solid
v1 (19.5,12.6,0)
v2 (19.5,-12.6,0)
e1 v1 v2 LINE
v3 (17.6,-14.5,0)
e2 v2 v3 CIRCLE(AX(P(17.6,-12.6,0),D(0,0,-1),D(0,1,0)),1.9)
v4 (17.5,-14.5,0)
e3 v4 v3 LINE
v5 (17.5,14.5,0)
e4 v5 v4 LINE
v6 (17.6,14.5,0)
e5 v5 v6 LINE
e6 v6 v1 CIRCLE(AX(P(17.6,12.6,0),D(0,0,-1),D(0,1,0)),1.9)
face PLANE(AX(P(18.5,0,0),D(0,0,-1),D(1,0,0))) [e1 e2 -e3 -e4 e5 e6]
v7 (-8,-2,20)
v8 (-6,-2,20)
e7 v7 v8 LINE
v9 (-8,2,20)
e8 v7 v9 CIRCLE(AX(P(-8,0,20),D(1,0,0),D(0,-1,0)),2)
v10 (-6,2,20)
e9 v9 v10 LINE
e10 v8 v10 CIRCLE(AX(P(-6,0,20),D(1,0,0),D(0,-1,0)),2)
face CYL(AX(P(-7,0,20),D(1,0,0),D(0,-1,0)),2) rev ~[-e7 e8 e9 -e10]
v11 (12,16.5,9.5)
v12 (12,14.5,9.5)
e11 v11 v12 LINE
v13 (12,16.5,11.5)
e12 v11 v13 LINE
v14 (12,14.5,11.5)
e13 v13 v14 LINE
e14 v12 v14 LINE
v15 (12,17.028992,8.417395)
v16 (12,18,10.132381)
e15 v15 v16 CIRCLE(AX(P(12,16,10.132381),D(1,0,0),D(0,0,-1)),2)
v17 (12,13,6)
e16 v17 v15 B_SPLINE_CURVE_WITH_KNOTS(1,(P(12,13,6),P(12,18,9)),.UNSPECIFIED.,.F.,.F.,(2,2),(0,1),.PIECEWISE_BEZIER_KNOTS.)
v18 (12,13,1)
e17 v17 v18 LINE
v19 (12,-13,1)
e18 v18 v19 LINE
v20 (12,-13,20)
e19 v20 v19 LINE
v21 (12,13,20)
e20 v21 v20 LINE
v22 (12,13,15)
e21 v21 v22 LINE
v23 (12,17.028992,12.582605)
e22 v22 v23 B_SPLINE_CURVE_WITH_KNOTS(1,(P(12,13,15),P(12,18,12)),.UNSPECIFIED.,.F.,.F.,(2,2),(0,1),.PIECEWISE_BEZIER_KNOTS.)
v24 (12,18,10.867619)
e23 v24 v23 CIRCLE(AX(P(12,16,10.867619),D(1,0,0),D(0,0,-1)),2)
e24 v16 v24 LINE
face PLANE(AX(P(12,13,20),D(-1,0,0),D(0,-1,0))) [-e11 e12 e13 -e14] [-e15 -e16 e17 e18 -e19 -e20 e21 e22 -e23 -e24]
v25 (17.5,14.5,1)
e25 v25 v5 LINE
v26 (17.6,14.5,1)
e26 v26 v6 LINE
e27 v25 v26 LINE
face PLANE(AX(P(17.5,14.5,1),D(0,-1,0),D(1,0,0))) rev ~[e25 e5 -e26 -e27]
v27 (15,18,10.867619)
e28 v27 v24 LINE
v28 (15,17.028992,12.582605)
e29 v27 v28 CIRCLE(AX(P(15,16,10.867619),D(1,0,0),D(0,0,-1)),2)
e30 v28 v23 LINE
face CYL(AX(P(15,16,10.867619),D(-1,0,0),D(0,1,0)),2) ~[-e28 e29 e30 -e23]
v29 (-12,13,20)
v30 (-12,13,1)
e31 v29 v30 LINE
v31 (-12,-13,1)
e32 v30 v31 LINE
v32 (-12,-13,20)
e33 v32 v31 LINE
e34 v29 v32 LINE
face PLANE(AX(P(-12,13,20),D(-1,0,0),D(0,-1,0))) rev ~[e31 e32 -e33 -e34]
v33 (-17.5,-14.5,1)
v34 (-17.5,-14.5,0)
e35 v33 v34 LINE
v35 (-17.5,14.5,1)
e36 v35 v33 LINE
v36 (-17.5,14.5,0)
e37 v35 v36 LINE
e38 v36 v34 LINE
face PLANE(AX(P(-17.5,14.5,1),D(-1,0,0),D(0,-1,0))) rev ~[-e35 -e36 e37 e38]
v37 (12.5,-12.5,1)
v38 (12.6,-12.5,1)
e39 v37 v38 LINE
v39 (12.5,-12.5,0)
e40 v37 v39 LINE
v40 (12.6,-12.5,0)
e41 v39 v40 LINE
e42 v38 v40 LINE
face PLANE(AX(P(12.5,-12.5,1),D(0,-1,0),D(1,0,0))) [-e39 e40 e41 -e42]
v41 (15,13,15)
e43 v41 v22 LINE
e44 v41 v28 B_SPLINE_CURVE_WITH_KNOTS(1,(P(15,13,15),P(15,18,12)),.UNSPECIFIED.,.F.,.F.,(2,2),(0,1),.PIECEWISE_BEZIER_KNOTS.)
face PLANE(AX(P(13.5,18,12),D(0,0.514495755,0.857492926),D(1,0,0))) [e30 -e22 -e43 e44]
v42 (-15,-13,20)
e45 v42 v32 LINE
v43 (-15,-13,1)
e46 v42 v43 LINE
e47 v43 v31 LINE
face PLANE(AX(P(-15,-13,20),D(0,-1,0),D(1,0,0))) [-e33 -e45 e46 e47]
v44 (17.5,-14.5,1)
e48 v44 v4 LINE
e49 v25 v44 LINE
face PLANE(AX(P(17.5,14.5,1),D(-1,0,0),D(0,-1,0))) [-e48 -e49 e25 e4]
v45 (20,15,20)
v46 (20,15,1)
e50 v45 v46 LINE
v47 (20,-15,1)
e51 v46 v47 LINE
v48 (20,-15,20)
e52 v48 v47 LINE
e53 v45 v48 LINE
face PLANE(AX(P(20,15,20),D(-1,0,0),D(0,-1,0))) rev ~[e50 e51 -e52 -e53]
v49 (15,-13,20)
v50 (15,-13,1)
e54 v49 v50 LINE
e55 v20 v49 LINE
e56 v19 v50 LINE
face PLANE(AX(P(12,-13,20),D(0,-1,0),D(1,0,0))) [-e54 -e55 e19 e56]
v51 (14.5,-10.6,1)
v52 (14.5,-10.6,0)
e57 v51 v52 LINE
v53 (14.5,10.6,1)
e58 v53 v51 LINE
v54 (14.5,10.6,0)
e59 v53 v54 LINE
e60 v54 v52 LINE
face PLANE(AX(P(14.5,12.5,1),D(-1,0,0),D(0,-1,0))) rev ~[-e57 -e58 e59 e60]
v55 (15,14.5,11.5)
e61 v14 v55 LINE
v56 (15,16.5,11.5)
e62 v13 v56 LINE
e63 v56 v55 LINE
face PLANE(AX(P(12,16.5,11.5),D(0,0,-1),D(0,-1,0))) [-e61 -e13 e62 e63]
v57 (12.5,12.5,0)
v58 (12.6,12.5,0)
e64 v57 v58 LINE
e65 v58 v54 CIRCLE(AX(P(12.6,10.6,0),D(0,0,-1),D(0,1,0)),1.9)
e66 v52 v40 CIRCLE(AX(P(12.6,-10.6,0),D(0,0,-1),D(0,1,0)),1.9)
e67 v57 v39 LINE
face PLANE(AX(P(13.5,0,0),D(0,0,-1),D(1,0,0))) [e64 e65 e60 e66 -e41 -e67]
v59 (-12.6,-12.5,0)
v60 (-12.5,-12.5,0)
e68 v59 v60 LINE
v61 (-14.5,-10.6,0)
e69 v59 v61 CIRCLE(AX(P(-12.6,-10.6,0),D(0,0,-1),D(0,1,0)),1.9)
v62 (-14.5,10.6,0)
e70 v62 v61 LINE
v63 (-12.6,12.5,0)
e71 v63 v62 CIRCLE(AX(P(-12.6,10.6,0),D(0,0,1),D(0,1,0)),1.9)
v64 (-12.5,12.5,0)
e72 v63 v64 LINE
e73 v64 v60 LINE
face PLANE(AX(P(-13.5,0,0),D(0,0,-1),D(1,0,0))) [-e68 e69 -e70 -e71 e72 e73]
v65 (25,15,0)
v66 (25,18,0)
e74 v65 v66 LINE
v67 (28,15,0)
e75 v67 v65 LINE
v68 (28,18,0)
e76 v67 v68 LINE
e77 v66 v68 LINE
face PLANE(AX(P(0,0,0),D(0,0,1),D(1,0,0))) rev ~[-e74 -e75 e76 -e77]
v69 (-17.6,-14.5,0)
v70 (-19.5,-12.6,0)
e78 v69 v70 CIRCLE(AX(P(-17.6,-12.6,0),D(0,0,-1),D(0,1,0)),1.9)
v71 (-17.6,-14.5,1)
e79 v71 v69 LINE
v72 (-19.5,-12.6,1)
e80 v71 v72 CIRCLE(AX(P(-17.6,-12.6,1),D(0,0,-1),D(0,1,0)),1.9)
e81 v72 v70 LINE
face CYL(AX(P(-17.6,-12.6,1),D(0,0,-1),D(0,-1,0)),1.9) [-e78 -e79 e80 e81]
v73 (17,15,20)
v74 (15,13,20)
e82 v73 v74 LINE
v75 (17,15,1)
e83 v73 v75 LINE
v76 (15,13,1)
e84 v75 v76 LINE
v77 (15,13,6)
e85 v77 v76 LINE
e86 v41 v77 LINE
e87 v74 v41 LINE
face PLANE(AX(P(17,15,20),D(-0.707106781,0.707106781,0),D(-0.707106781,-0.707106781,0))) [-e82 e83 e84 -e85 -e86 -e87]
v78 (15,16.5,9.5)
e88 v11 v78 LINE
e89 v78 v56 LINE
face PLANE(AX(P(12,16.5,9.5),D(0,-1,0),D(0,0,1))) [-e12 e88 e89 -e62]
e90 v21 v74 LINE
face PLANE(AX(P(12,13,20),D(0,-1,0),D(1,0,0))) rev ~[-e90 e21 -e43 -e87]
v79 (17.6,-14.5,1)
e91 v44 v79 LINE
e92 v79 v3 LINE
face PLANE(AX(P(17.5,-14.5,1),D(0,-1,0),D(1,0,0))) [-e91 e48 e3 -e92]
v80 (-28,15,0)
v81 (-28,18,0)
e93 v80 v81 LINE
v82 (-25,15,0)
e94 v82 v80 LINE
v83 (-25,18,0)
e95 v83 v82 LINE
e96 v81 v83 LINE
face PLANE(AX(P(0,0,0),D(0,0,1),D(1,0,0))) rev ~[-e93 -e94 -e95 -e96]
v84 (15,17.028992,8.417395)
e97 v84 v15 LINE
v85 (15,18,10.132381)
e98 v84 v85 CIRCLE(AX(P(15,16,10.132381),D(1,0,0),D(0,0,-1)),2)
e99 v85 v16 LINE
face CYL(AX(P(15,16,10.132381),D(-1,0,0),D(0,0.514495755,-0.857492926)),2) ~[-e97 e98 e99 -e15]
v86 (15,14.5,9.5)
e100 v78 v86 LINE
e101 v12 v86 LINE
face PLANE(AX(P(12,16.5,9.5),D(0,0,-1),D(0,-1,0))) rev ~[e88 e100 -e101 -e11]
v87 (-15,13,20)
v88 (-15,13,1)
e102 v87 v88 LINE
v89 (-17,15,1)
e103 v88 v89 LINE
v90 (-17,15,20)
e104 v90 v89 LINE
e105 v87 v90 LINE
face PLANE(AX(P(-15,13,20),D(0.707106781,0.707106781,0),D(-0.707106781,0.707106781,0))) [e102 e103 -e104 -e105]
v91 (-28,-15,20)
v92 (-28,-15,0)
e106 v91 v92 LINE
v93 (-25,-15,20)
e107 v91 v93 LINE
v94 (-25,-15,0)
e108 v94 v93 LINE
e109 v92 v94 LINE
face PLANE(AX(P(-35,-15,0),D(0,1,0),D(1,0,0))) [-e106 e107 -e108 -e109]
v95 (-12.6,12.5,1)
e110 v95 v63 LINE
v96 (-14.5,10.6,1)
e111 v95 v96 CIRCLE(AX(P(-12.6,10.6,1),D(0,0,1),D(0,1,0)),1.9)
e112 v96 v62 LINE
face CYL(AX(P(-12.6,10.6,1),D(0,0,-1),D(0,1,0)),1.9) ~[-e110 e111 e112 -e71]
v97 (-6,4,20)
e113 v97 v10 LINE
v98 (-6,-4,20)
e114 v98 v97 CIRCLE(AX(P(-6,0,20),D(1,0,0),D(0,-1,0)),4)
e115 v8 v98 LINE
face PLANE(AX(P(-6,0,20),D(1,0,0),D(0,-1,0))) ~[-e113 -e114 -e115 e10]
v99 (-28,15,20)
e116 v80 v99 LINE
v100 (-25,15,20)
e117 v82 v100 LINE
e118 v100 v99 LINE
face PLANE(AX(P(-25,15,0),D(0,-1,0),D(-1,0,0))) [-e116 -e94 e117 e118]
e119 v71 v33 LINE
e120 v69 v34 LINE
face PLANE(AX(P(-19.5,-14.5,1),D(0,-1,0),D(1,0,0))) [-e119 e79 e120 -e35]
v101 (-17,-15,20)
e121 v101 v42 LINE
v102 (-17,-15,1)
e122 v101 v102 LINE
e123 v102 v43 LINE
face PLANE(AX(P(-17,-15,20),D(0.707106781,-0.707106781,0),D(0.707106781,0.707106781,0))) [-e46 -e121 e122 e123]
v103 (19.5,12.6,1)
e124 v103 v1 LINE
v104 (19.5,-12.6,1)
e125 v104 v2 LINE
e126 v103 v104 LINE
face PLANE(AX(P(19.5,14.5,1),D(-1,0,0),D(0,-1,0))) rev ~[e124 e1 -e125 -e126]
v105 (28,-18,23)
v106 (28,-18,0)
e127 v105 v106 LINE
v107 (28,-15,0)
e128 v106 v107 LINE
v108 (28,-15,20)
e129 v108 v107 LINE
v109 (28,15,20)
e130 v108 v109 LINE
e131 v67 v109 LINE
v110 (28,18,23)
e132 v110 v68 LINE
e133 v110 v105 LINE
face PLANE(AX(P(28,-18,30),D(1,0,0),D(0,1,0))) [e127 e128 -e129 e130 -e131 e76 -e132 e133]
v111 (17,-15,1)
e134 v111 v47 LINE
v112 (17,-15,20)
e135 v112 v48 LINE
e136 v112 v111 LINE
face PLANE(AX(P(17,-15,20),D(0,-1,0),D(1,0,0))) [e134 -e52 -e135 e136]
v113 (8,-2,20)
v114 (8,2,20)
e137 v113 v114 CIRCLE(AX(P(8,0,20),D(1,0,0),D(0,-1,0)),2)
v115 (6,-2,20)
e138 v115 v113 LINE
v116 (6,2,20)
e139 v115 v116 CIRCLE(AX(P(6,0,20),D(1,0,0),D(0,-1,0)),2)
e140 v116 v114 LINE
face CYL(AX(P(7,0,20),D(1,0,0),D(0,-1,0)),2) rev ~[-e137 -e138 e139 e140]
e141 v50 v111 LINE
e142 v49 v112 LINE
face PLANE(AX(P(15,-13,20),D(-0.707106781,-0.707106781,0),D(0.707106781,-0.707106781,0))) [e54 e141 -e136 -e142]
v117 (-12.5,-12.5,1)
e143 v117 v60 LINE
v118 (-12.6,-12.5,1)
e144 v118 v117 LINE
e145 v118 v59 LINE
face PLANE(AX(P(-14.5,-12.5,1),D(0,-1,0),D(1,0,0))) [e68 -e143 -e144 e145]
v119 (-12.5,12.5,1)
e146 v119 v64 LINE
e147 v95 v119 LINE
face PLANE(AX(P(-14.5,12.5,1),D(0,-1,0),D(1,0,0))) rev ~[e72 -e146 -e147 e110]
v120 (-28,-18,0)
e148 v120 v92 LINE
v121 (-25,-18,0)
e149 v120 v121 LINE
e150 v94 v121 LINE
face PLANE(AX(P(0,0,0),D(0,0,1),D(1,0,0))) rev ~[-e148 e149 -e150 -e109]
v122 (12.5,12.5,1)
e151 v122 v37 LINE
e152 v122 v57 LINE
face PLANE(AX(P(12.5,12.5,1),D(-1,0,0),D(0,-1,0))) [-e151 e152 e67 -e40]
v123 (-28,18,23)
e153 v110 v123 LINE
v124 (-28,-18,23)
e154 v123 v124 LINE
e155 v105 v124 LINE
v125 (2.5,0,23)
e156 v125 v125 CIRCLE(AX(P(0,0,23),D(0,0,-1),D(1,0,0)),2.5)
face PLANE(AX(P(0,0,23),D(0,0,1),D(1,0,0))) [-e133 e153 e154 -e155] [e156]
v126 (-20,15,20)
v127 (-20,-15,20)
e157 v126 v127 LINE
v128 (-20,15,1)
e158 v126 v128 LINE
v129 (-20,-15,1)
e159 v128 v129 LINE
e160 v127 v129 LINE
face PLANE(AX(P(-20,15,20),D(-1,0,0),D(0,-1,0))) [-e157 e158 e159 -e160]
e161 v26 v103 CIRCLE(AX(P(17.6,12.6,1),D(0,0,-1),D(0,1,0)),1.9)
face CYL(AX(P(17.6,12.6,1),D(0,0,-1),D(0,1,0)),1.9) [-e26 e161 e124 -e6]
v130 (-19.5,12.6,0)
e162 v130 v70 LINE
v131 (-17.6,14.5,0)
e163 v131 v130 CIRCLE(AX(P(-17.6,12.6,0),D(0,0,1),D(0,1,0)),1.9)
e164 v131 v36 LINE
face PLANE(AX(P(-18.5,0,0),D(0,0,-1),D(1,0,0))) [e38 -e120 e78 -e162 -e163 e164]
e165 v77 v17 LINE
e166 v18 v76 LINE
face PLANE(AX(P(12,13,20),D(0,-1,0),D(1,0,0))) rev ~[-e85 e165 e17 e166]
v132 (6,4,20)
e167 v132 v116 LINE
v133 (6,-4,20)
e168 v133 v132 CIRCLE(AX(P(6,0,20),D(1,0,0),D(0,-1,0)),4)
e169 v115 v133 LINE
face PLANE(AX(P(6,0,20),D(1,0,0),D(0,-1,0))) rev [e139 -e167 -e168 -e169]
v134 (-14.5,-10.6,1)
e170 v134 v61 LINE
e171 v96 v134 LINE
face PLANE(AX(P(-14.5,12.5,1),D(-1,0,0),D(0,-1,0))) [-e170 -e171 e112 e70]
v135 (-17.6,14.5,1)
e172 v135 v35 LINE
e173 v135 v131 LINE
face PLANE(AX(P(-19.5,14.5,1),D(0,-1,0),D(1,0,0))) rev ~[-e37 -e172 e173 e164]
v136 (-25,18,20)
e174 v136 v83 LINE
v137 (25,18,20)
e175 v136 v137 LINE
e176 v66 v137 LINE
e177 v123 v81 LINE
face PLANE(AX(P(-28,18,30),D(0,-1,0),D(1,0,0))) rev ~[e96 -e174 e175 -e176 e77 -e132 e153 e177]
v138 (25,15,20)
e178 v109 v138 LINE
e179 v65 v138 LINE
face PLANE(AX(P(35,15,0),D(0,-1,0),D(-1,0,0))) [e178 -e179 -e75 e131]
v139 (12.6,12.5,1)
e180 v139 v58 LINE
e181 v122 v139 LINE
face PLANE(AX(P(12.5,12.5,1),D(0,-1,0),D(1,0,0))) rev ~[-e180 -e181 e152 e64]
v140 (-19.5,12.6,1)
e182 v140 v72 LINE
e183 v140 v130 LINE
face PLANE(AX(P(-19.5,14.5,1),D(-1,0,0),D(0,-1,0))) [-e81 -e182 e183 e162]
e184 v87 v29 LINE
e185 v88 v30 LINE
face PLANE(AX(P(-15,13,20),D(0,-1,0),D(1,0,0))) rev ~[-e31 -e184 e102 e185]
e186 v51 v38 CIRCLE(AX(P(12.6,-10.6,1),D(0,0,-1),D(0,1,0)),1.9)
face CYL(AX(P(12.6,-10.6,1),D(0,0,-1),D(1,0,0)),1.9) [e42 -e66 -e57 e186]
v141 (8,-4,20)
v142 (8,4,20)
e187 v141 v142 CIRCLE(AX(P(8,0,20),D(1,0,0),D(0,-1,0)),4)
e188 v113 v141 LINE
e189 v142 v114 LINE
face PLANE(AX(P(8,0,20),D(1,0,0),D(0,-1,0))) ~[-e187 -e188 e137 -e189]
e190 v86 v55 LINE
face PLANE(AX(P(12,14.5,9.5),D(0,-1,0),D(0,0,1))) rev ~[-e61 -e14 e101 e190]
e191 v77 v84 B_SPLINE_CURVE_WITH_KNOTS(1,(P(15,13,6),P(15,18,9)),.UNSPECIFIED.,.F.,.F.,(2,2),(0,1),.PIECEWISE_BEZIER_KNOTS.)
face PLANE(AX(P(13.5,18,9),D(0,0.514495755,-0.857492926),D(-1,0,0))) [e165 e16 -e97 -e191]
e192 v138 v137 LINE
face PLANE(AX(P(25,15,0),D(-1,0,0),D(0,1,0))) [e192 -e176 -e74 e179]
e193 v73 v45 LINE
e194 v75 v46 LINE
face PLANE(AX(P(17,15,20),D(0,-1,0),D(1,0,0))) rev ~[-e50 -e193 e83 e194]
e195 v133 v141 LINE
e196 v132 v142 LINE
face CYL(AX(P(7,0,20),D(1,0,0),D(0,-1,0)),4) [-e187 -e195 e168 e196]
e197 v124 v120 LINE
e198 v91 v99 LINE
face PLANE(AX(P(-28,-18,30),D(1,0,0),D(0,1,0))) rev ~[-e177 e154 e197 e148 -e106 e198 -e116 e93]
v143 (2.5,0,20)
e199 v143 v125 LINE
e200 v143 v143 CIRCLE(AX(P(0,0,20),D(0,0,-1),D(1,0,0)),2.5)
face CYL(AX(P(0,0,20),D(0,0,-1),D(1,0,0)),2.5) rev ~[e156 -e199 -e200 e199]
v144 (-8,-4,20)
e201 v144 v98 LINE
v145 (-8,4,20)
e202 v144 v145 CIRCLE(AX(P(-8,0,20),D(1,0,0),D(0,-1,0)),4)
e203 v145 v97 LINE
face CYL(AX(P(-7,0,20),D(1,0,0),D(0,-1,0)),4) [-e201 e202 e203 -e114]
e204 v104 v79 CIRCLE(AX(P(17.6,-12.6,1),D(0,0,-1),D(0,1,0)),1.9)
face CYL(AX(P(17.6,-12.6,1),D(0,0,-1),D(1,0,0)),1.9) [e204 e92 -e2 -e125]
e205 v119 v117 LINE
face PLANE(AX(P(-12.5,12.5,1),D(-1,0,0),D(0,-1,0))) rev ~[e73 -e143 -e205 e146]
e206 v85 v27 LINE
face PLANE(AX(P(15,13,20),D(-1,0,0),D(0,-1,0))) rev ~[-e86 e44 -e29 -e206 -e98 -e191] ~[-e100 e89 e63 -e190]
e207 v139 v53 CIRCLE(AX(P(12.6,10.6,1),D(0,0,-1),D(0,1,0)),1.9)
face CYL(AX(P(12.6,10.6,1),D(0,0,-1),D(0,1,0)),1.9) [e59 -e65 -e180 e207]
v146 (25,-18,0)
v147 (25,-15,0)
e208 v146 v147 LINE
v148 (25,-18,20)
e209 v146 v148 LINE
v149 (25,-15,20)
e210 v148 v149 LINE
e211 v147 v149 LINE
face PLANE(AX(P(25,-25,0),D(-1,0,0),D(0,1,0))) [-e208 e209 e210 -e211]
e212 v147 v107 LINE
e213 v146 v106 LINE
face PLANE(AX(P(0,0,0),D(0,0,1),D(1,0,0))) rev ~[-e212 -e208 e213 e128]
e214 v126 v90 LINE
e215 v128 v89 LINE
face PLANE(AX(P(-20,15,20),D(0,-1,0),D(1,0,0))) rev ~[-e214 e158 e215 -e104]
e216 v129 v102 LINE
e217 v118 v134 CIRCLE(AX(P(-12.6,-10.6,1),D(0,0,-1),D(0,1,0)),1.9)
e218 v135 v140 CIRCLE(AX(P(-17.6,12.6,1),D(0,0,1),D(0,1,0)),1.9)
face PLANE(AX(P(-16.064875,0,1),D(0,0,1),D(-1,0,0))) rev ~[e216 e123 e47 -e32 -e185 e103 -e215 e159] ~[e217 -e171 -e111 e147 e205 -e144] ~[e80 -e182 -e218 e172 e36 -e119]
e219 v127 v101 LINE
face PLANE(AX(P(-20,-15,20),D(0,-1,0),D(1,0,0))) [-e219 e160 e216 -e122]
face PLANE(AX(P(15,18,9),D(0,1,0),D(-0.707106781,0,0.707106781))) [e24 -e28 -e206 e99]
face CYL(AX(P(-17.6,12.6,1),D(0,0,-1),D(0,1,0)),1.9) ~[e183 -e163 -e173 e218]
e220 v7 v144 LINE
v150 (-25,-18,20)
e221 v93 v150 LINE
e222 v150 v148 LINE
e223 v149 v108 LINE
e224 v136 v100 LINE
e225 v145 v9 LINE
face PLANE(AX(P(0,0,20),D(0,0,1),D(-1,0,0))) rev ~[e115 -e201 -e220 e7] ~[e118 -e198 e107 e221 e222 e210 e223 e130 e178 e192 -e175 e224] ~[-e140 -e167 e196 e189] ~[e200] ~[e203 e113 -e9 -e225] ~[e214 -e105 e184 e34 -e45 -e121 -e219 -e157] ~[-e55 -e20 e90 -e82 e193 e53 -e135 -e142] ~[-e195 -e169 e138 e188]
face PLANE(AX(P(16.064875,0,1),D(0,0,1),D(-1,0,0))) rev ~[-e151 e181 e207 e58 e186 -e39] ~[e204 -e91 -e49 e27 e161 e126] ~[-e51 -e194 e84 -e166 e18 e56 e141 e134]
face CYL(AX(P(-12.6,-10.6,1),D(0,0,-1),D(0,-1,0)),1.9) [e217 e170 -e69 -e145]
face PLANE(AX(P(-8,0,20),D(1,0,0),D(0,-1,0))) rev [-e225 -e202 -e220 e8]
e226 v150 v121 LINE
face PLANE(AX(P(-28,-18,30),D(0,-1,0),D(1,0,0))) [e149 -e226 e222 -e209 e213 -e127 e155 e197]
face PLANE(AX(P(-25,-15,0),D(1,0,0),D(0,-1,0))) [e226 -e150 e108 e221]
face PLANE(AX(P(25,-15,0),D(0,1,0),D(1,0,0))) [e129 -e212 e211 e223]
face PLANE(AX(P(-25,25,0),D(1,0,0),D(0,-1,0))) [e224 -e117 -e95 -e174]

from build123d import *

# Parameters (mm, degrees)
SKETCH011_W     = 3
SKETCH011_H     = 9
SKETCH012_W     = 3
SKETCH012_H     = 3
SKETCH_W        = 70
SKETCH_H        = 50
PAD_DEPTH       = 30
POCKET_DEPTH    = 20
SKETCH002_W     = 3
SKETCH002_H     = 30
PAD001_DEPTH    = 19
SKETCH003_W     = 3
SKETCH003_H     = 26
PAD002_DEPTH    = 19
SKETCH004_W     = 2
SKETCH004_H     = 29
PAD003_DEPTH    = 1
SKETCH005_W     = 2
SKETCH005_H     = 25
PAD004_DEPTH    = 1
FILLET_R        = 1.9
SKETCH006_R     = 2.5
POCKET001_DEPTH = 12
SKETCH007_W     = 2
SKETCH007_H     = 2
SKETCH009_W     = 80
SKETCH009_H     = 80
SKETCH009_W_2   = 56
SKETCH009_H_2   = 36
POCKET002_DEPTH = 40
SKETCH010_W     = 80
SKETCH010_H     = 80
POCKET003_DEPTH = 7
SKETCH013_W     = 2
SKETCH013_H     = 2
POCKET004_DEPTH = 5
FILLET001_R     = 2
PAD005_DEPTH    = 19


with BuildPart() as loft_body:
    # Sketch011 (on Face42 of Pocket003) → Loft section 0
    with BuildSketch(Plane(origin=(0, 13, 0), x_dir=(-1, 0, 0), z_dir=(0, 1, 0))):
        with Locations((-13.5, 10.5)):
            Rectangle(SKETCH011_W, SKETCH011_H)
    # Sketch012 (on Face36 of Pocket003) → Loft section 1
    with BuildSketch(Plane(origin=(0, 18, 0), x_dir=(-1, 0, 0), z_dir=(0, 1, 0))):
        with Locations((-13.5, 10.5)):
            Rectangle(SKETCH012_W, SKETCH012_H)
    loft()


with BuildPart() as body001:
    # Sketch → Pad (new body)
    with BuildSketch(Plane.XY):
        Rectangle(SKETCH_W, SKETCH_H)
    extrude(amount=PAD_DEPTH)

    # Sketch001 (on Face5 of Pad) → Pocket (cut)
    with BuildSketch(Plane(origin=(0, 0, 0), x_dir=(1, 0, 0), z_dir=(0, 0, -1))):
        Polygon((-35, 15), (-25, 15), (-25, 25), (25, 25), (25, 15), (35, 15), (35, -15), (25, -15), (25, -25), (-25, -25), (-25, -15), (-35, -15), align=None)
    extrude(amount=-POCKET_DEPTH, mode=Mode.SUBTRACT)

    # Sketch002 (on Face4 of Pocket) → Pad001 (join)
    with BuildSketch(Plane(origin=(0, 0, 20), x_dir=(1, 0, 0), z_dir=(0, 0, -1))):
        with Locations((-18.5, 0)):
            Rectangle(SKETCH002_W, SKETCH002_H)
        with Locations((18.5, 0)):
            Rectangle(SKETCH002_W, SKETCH002_H)
    extrude(amount=PAD001_DEPTH)

    # Sketch003 (on Face4 of Pad001) → Pad002 (join)
    with BuildSketch(Plane(origin=(0, 0, 20), x_dir=(1, 0, 0), z_dir=(0, 0, -1))):
        with Locations((13.5, 0)):
            Rectangle(SKETCH003_W, SKETCH003_H)
        with Locations((-13.5, 0)):
            Rectangle(SKETCH003_W, SKETCH003_H)
    extrude(amount=PAD002_DEPTH)

    # Sketch004 (on Face36 of Pad002) → Pad003 (join)
    with BuildSketch(Plane(origin=(0, 0, 1), x_dir=(1, 0, 0), z_dir=(0, 0, -1))):
        with Locations((18.5, 0)):
            Rectangle(SKETCH004_W, SKETCH004_H)
        with Locations((-18.5, 0)):
            Rectangle(SKETCH004_W, SKETCH004_H)
    extrude(amount=PAD003_DEPTH)

    # Sketch005 (on Face37 of Pad003) → Pad004 (join)
    with BuildSketch(Plane(origin=(0, 0, 1), x_dir=(1, 0, 0), z_dir=(0, 0, -1))):
        with Locations((-13.5, 0)):
            Rectangle(SKETCH005_W, SKETCH005_H)
        with Locations((13.5, 0)):
            Rectangle(SKETCH005_W, SKETCH005_H)
    extrude(amount=PAD004_DEPTH)

    # Fillet
    fillet_edges = [body001.edges().sort_by_distance(p)[0] for p in [
        (-19.5, 14.5, 0.5),
        (-14.5, 12.5, 0.5),
        (-19.5, -14.5, 0.5),
        (-14.5, -12.5, 0.5),
        (19.5, 14.5, 0.5),
        (14.5, 12.5, 0.5),
        (14.5, -12.5, 0.5),
        (19.5, -14.5, 0.5),
    ]]
    fillet(fillet_edges, radius=FILLET_R)

    # Sketch006 (on Face13 of Fillet) → Pocket001 (cut)
    with BuildSketch(Plane(origin=(0, 0, 20), x_dir=(1, 0, 0), z_dir=(0, 0, -1))):
        Circle(SKETCH006_R)
    extrude(amount=-POCKET001_DEPTH, mode=Mode.SUBTRACT)

    # Sketch007 (on Face13 of Pocket001) → Revolution (revolve)
    with BuildSketch(Plane(origin=(0, 0, 20), x_dir=(1, 0, 0), z_dir=(0, 0, -1))):
        with Locations((-7, 3)):
            Rectangle(SKETCH007_W, SKETCH007_H)
        with Locations((7, 3)):
            Rectangle(SKETCH007_W, SKETCH007_H)
    revolve(axis=Axis((-10, 0, 20), (1, 0, 0)))

    # Sketch009 (on Face49 of Revolution) → Pocket002 (cut)
    with BuildSketch(Plane.XY.offset(30)):
        Rectangle(SKETCH009_W, SKETCH009_H)
        Rectangle(SKETCH009_W_2, SKETCH009_H_2, mode=Mode.SUBTRACT)
    extrude(amount=-POCKET002_DEPTH, mode=Mode.SUBTRACT)

    # Sketch010 (on Face47 of Pocket002) → Pocket003 (cut)
    with BuildSketch(Plane.XY.offset(30)):
        Rectangle(SKETCH010_W, SKETCH010_H)
    extrude(amount=-POCKET003_DEPTH, mode=Mode.SUBTRACT)

    # Fusion: union Loft body
    add(loft_body.part)

    # Sketch013 (on Face56 of BaseFeature) → Pocket004 (cut)
    with BuildSketch(Plane(origin=(12, 0, 0), x_dir=(0, -1, 0), z_dir=(-1, 0, 0))):
        with Locations((-15.5, 10.5)):
            Rectangle(SKETCH013_W, SKETCH013_H)
    extrude(amount=-POCKET004_DEPTH, mode=Mode.SUBTRACT)

    # Fillet001
    fillet001_edges = [body001.edges().sort_by_distance(p)[0] for p in [
        (13.5, 18, 12),
        (13.5, 18, 9),
    ]]
    fillet(fillet001_edges, radius=FILLET001_R)

    # Sketch014 (on Face16 of Fillet001) → Pad005 (join)
    with BuildSketch(Plane(origin=(0, 0, 20), x_dir=(1, 0, 0), z_dir=(0, 0, -1))):
        Polygon((-17, 15), (-15, 13), (-15, -13), (-17, -15), align=None)
        Polygon((17, -15), (15, -13), (15, 13), (17, 15), align=None)
    extrude(amount=PAD005_DEPTH)


solid = body001.part
